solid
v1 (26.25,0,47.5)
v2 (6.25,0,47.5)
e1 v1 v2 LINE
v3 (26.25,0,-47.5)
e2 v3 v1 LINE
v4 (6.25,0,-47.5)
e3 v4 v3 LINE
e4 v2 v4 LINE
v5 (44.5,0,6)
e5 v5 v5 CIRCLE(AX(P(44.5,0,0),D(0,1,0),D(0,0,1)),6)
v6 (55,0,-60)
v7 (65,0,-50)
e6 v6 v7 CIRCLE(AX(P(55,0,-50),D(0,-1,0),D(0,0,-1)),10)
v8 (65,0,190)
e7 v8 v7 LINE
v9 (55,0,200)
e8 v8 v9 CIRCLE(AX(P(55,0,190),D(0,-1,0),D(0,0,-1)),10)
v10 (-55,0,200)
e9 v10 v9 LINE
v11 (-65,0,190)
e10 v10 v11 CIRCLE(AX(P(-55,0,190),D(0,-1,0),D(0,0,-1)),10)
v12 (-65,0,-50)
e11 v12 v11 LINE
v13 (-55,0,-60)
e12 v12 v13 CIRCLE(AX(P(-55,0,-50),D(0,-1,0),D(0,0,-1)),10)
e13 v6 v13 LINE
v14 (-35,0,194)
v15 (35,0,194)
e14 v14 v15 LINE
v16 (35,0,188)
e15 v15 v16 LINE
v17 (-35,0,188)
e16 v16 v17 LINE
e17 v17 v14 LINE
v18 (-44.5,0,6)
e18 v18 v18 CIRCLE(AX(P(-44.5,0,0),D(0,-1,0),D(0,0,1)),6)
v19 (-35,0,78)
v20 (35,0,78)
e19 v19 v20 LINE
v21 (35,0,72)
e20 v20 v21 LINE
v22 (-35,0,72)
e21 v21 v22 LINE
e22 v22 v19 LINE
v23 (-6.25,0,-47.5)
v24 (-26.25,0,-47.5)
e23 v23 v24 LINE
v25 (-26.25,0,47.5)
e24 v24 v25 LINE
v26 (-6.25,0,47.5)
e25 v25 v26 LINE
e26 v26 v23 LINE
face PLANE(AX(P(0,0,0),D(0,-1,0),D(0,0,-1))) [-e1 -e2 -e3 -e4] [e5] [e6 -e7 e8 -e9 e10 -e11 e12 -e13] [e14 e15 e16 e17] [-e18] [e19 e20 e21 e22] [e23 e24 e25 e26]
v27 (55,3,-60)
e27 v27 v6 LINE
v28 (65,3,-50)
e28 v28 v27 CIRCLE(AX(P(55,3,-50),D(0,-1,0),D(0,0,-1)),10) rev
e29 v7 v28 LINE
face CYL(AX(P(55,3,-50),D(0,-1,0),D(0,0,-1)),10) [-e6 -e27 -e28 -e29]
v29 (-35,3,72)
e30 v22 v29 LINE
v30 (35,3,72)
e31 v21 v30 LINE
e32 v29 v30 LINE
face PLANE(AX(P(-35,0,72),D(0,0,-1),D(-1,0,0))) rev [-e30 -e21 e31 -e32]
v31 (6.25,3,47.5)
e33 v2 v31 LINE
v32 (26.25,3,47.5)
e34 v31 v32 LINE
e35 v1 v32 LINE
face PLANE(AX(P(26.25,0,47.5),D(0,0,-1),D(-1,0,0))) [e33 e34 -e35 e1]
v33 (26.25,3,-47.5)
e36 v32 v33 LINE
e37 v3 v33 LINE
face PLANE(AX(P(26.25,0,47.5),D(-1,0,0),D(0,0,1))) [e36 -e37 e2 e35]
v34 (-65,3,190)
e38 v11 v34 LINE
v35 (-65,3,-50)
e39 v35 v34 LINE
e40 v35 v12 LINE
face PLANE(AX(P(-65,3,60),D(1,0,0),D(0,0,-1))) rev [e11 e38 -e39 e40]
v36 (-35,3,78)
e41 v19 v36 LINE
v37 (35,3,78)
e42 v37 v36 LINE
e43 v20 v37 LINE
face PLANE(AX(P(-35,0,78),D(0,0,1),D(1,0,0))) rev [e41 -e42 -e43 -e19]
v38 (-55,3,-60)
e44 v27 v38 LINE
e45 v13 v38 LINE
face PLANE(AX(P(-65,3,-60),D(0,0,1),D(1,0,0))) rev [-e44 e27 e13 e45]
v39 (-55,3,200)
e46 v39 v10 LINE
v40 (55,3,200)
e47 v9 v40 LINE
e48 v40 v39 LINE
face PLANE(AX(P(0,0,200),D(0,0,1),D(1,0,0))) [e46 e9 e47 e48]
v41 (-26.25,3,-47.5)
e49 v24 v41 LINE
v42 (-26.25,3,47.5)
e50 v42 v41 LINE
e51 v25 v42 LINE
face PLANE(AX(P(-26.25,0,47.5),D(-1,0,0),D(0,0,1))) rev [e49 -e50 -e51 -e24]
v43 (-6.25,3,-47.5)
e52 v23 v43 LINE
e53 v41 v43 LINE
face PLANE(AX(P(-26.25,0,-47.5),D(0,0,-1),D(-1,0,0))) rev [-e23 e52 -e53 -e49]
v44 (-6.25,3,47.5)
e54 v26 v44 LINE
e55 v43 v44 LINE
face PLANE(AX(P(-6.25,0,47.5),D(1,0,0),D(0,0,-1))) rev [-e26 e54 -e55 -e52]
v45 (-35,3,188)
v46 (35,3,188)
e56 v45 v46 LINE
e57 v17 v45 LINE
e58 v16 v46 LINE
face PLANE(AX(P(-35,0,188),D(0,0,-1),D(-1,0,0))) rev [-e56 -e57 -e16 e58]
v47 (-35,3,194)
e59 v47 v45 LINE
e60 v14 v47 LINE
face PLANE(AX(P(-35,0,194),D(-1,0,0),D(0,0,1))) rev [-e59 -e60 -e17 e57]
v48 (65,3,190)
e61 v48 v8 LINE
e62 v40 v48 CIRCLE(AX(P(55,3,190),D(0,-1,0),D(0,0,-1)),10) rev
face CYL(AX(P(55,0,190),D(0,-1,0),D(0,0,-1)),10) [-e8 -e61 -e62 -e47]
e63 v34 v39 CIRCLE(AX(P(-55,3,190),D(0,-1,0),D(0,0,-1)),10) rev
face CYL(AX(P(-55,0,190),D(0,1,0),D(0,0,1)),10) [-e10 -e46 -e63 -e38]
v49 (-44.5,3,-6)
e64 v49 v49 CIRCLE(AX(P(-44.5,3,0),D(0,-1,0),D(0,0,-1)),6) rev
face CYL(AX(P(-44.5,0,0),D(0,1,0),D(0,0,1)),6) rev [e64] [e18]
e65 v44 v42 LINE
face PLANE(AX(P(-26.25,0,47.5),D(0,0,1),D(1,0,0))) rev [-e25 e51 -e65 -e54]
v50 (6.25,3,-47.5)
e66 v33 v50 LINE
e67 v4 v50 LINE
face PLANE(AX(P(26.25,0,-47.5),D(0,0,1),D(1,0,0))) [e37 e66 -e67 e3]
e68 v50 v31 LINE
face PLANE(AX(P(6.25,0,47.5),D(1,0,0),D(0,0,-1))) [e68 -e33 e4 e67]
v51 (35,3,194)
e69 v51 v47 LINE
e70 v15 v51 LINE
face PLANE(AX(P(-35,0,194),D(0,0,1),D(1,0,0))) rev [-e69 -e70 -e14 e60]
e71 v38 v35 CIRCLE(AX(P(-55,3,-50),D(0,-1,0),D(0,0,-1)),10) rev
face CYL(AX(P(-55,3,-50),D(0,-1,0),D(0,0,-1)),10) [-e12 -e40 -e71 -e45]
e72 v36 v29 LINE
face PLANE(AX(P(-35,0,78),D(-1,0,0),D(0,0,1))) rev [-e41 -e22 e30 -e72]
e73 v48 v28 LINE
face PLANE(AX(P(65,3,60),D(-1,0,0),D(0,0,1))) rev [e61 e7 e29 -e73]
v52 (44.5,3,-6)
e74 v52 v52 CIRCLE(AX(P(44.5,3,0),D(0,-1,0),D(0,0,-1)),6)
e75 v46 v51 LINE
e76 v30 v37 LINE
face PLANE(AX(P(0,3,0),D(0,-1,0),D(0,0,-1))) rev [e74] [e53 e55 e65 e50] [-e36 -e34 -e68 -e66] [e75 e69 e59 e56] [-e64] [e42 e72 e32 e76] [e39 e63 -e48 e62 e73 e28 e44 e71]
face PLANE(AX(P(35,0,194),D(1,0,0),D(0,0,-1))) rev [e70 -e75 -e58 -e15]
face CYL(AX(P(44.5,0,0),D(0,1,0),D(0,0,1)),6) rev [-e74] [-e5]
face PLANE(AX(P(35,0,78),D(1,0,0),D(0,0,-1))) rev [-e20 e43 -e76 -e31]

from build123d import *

# Parameters (mm, degrees)
SKETCH1_W               = 130
SKETCH1_H               = 120
BOSS_EXTRUDE1_DEPTH     = 3
CUT_EXTRUDE1_START      = -4
SKETCH2_W               = 20
SKETCH2_H               = 95
CUT_EXTRUDE1_DEPTH      = 5
CUT_EXTRUDE2_START      = -4
SKETCH3_R               = 6
CUT_EXTRUDE2_DEPTH      = 5
SKETCH4_W               = 130
SKETCH4_H               = 3
BOSS_EXTRUDE2_DEPTH     = 140
SKETCH5_W               = 70
SKETCH5_H               = 6
CUT_EXTRUDE3_DEPTH      = 1
CUT_EXTRUDE3_DEPTH_BACK = 4
FILLET1_R               = 10


with BuildPart() as part:
    # Sketch1 → Boss-Extrude1 (new body)
    with BuildSketch(Plane(origin=(0, 0, 0), x_dir=(1, 0, 0), z_dir=(0, 1, 0))):
        Rectangle(SKETCH1_W, SKETCH1_H)
    extrude(amount=BOSS_EXTRUDE1_DEPTH)

    # Sketch2 → Cut-Extrude1 (cut)
    with BuildSketch(Plane(origin=(0, 3, 0), x_dir=(1, 0, 0), z_dir=(0, 1, 0)).offset(CUT_EXTRUDE1_START)):
        with Locations((-16.25, 0)):
            Rectangle(SKETCH2_W, SKETCH2_H)
    cut_extrude1 = extrude(amount=CUT_EXTRUDE1_DEPTH, mode=Mode.SUBTRACT)

    # Mirror1: Cut-Extrude1 across plane
    add(cut_extrude1.mirror(Plane(origin=(0, 0, 0), x_dir=(0, 0, 1), z_dir=(1, 0, 0))), mode=Mode.SUBTRACT)

    # Sketch3 → Cut-Extrude2 (cut)
    with BuildSketch(Plane(origin=(0, 3, 0), x_dir=(1, 0, 0), z_dir=(0, 1, 0)).offset(CUT_EXTRUDE2_START)):
        with Locations((44.5, 0)):
            Circle(SKETCH3_R)
    cut_extrude2 = extrude(amount=CUT_EXTRUDE2_DEPTH, mode=Mode.SUBTRACT)

    # Mirror2: Cut-Extrude2 across plane
    add(cut_extrude2.mirror(Plane(origin=(0, 0, 0), x_dir=(0, 0, 1), z_dir=(1, 0, 0))), mode=Mode.SUBTRACT)

    # Sketch4 → Boss-Extrude2 (add)
    with BuildSketch(Plane.XY.offset(60)):
        with Locations((0, 1.5)):
            Rectangle(SKETCH4_W, SKETCH4_H)
    extrude(amount=BOSS_EXTRUDE2_DEPTH)

    # Sketch5 → Cut-Extrude3 (cut, two sides)
    with BuildSketch(Plane(origin=(0, 3, 0), x_dir=(1, 0, 0), z_dir=(0, 1, 0))) as cut_extrude3_sk:
        with Locations((0, -75)):
            Rectangle(SKETCH5_W, SKETCH5_H)
        with Locations((0, -191)):
            Rectangle(SKETCH5_W, SKETCH5_H)
    extrude(amount=CUT_EXTRUDE3_DEPTH, mode=Mode.SUBTRACT)
    extrude(cut_extrude3_sk.sketch, amount=-CUT_EXTRUDE3_DEPTH_BACK, mode=Mode.SUBTRACT)

    # Fillet1
    fillet1_edges = [part.edges().sort_by_distance(p)[0] for p in [
        (-65, 1.5, 200),
        (65, 1.5, 200),
        (-65, 1.5, -60),
        (65, 1.5, -60),
    ]]
    fillet(fillet1_edges, radius=FILLET1_R)


solid = part.part
